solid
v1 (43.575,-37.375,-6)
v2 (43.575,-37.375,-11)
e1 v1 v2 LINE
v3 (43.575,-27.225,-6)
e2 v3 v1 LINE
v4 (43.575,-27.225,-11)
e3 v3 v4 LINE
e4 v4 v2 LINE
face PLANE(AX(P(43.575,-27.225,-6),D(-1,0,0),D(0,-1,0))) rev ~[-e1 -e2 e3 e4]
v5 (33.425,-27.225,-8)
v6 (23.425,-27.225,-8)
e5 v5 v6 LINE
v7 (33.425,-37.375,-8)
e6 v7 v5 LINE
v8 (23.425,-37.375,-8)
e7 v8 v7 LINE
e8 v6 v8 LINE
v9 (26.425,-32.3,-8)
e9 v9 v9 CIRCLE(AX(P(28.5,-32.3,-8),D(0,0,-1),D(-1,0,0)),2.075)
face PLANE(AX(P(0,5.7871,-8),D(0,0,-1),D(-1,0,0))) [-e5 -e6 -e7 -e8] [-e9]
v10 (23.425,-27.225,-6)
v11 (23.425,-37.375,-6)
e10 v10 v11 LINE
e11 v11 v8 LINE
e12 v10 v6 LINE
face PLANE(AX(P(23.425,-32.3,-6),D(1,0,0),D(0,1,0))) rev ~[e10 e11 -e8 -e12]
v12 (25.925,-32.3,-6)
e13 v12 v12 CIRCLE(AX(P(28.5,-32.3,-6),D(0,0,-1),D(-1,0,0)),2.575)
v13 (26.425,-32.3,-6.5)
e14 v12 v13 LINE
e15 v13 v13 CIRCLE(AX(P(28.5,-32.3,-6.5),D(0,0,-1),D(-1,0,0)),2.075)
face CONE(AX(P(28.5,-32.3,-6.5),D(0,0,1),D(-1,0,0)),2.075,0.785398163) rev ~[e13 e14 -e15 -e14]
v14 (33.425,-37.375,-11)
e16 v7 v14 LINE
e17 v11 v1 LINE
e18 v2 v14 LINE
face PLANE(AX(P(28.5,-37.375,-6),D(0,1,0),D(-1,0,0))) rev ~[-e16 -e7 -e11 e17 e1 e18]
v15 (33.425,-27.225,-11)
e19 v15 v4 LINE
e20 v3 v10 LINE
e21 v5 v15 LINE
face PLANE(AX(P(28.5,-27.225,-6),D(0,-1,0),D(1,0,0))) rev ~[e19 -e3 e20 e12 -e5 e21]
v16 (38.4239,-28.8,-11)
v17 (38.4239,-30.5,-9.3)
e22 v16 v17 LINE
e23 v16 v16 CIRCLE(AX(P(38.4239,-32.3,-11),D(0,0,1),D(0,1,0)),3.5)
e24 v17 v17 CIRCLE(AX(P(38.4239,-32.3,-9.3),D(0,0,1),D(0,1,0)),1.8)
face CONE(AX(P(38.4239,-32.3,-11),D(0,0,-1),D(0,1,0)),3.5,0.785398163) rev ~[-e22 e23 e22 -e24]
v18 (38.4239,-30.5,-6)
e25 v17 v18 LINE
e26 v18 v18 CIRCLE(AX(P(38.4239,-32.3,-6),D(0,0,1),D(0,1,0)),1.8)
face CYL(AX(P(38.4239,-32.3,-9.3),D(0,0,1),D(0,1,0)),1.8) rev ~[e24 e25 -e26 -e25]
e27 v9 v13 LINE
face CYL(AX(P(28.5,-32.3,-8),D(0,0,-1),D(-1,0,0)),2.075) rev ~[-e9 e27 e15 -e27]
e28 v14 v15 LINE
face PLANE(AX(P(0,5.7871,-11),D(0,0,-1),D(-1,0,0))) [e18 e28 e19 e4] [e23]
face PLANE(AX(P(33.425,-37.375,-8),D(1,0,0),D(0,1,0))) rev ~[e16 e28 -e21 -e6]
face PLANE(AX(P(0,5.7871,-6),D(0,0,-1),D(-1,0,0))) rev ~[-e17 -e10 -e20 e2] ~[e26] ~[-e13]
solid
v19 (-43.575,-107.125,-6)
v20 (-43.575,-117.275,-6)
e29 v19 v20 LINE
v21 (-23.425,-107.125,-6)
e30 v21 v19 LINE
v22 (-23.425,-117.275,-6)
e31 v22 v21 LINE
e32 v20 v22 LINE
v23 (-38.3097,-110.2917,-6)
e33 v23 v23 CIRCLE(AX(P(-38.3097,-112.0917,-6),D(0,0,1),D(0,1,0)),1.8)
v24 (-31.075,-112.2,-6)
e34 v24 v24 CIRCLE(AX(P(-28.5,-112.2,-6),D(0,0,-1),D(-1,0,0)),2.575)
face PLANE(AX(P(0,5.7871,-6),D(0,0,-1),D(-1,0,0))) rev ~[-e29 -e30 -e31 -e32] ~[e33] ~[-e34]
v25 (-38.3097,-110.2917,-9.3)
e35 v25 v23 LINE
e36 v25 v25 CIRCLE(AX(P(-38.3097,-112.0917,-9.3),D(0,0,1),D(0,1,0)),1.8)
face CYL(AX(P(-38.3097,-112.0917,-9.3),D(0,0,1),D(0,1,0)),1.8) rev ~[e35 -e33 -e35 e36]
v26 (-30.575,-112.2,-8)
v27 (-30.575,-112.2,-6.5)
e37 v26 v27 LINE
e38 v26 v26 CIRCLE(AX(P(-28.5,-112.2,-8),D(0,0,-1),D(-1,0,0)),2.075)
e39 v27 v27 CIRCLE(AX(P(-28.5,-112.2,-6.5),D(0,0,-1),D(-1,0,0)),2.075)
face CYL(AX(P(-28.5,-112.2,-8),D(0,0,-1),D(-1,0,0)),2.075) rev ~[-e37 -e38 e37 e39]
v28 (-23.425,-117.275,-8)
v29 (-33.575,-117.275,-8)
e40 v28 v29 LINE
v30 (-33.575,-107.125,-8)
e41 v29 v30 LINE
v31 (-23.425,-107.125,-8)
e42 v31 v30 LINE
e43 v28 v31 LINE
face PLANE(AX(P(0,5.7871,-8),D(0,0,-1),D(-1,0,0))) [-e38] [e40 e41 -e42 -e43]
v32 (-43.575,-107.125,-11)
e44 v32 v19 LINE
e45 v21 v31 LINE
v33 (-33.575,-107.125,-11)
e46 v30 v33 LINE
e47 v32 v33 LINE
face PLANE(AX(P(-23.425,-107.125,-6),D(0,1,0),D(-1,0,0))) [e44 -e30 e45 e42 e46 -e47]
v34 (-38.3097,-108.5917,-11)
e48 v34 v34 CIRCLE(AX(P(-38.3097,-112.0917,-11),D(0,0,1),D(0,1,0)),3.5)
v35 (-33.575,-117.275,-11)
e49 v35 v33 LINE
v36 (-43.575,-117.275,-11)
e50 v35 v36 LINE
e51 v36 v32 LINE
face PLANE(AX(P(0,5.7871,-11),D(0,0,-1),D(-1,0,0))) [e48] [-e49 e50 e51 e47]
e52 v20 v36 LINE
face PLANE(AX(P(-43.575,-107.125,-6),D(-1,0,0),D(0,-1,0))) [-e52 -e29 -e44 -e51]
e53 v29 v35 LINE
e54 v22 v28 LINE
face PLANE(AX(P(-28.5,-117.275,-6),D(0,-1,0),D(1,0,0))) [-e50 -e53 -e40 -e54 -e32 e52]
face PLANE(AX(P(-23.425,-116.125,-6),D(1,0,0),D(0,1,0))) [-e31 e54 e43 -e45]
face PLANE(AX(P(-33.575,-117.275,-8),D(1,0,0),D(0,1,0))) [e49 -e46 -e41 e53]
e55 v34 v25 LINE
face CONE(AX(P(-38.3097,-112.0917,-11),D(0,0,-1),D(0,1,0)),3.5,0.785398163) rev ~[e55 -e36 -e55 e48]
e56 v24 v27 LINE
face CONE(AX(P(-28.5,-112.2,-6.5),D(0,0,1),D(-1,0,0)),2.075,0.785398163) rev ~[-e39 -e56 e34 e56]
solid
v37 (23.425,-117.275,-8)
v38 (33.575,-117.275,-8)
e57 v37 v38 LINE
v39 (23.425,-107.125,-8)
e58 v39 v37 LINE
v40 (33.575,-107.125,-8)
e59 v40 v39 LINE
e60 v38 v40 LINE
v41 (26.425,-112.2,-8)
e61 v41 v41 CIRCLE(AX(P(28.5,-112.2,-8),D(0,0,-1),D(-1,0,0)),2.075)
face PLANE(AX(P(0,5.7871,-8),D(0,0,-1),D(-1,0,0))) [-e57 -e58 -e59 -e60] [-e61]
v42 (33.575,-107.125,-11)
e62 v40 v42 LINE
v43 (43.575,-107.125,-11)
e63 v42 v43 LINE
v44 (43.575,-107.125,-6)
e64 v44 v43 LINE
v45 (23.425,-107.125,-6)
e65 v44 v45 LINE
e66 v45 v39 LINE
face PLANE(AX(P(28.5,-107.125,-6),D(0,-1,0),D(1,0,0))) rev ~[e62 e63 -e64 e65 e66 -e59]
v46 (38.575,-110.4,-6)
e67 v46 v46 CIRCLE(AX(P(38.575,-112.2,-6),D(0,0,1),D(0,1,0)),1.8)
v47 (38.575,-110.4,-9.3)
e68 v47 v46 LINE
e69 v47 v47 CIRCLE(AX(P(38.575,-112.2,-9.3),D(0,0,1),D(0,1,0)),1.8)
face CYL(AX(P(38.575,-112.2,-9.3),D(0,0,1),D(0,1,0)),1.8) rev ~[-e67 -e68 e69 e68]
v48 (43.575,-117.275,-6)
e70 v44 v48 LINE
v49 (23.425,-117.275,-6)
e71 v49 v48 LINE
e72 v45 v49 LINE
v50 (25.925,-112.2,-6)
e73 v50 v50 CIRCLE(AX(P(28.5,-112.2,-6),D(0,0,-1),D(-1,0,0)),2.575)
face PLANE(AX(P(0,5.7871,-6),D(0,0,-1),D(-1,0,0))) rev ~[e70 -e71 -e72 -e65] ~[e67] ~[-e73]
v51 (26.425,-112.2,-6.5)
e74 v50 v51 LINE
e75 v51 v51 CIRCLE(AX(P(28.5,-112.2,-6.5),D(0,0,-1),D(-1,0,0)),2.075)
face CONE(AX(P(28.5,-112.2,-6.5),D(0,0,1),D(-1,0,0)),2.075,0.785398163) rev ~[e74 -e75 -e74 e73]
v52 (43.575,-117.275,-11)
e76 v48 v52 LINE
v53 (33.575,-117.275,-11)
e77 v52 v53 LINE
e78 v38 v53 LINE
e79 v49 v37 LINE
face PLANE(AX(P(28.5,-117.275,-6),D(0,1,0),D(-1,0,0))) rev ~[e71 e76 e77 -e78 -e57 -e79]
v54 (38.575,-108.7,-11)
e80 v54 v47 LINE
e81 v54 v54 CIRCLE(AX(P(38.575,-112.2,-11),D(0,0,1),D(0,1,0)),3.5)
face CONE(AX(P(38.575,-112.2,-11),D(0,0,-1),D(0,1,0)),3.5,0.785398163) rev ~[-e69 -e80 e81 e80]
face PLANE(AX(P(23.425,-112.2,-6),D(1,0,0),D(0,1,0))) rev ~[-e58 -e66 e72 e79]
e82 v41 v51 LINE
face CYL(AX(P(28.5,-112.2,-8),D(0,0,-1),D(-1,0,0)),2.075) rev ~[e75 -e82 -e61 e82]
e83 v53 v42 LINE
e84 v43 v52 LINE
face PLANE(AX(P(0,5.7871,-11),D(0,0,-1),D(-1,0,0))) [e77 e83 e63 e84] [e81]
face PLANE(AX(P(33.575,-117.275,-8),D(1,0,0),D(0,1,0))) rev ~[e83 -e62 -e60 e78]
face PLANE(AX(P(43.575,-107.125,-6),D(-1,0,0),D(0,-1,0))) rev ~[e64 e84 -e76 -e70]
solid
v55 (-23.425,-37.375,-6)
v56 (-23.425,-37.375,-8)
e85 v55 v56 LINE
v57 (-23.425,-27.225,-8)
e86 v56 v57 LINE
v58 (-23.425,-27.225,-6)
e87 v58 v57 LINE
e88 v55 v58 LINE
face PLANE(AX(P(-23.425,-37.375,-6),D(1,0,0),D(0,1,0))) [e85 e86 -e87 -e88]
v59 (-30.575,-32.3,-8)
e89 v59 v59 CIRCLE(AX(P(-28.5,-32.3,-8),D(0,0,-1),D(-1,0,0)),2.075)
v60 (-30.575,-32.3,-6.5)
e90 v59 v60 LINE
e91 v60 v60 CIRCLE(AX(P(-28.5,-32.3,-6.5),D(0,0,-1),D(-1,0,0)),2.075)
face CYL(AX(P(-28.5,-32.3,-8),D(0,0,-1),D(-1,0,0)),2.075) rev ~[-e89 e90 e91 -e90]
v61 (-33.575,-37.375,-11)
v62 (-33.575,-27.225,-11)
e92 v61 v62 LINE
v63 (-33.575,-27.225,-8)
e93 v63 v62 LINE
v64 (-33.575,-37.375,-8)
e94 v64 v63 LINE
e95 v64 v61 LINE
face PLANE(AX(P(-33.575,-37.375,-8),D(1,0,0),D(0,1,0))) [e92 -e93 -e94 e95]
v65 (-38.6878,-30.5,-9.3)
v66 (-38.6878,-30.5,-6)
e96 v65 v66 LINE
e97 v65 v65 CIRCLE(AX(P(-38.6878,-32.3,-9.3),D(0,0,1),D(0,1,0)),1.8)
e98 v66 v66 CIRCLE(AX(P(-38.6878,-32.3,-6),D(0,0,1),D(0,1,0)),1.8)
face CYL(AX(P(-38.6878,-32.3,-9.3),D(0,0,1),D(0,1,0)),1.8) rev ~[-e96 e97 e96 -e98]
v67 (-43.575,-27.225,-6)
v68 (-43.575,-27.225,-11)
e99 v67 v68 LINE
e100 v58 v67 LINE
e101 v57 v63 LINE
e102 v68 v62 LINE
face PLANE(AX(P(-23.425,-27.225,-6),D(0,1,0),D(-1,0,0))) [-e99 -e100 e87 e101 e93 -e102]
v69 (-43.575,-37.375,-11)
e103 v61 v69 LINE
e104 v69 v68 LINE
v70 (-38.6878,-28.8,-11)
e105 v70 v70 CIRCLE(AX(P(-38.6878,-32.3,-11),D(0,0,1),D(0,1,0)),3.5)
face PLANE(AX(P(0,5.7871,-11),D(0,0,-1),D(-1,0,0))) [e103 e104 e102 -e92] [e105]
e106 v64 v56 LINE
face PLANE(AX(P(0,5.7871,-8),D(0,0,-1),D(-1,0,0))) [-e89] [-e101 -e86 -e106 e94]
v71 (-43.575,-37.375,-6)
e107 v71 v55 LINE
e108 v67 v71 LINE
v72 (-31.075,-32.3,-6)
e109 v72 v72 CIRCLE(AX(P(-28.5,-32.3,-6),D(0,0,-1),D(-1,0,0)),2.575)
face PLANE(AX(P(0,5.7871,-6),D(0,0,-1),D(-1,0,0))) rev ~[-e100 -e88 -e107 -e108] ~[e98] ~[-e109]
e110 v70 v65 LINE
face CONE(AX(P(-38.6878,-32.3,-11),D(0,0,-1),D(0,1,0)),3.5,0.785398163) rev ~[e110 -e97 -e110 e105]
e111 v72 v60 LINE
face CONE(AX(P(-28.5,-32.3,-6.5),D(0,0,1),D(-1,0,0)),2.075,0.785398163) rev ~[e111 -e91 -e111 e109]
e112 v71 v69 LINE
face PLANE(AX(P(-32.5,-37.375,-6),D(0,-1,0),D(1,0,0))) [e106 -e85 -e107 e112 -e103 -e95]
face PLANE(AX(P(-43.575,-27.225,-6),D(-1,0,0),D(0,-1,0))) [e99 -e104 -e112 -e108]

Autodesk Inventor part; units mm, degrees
ref_plane "YZ Plane" through (0, 0, 0) normal (1, 0, 0) x (0, 1, 0)
ref_plane "XZ Plane" through (0, 0, 0) normal (0, 1, 0) x (-1, 0, 0)
ref_plane "XY Plane" through (0, 0, 0) normal (0, 0, 1) x (1, 0, 0)
ref_plane "Work Plane1" through (0, 5.7871, -6) normal (0, 0, -1) x (-1, 0, 0)
sketch "Sketch1" plane through (0, 5.7871, -6) normal (0, 0, -1) x (-1, 0, 0)
  circle A0 centre (-28.5, -38.0871) radius 2.075 projected
  circle A1 centre (-28.5, -117.9871) radius 2.075 projected
  circle A2 centre (28.5, -38.0871) radius 2.075 projected
  circle A3 centre (28.5, -117.9871) radius 2.075 projected
  line L0 (-30.2, -121.9121) -> (30.2, -121.9121) projected
  arc A4 (30.2, -121.9121) -> (32.5, -119.6121) centre (30.2, -119.6121) ccw projected
  line L1 (32.5, -119.6121) -> (32.5, -16.2121) projected
  arc A5 (32.5, -16.2121) -> (30.2, -13.9121) centre (30.2, -16.2121) ccw projected
  line L2 (30.2, -13.9121) -> (-30.2, -13.9121) projected
  arc A6 (-30.2, -13.9121) -> (-32.5, -16.2121) centre (-30.2, -16.2121) ccw projected
  line L3 (-32.5, -16.2121) -> (-32.5, -119.6121) projected
  arc A7 (-32.5, -119.6121) -> (-30.2, -121.9121) centre (-30.2, -119.6121) ccw projected
  line L4 (43.575, -123.0621) -> (23.425, -123.0621)
  line L5 (23.425, -123.0621) -> (23.425, -112.9121)
  line L6 (23.425, -112.9121) -> (43.575, -112.9121)
  line L7 (43.575, -112.9121) -> (43.575, -123.0621)
  line L8 (-43.575, -123.0621) -> (-23.425, -123.0621)
  line L9 (-23.425, -123.0621) -> (-23.425, -112.9121)
  line L10 (-23.425, -112.9121) -> (-43.575, -112.9121)
  line L11 (-43.575, -112.9121) -> (-43.575, -123.0621)
  line L12 (-43.575, -43.1621) -> (-23.425, -43.1621)
  line L13 (-23.425, -43.1621) -> (-23.425, -33.0121)
  line L14 (-23.425, -33.0121) -> (-43.575, -33.0121)
  line L15 (-43.575, -33.0121) -> (-43.575, -43.1621)
  line L16 (43.575, -43.1621) -> (23.425, -43.1621)
  line L17 (23.425, -43.1621) -> (23.425, -33.0121)
  line L18 (23.425, -33.0121) -> (43.575, -33.0121)
  line L19 (43.575, -33.0121) -> (43.575, -43.1621)
  circle A8 centre (28.5, -117.9871) radius 5.075
  circle A9 centre (-28.5, -117.9871) radius 5.075
  circle A10 centre (28.5, -38.0871) radius 5.075
  circle A11 centre (-28.5, -38.0871) radius 5.075
  line L20 (33.575, -33.0121) -> (33.575, -43.1621)
  line L21 (-33.575, -33.0121) -> (-33.575, -43.1621)
  line L22 (-33.575, -112.9121) -> (-33.575, -123.0621)
  line L23 (33.5, -112.9121) -> (33.5, -123.0621)
  point P0 (0, -5.7871)
  dimension "d0" = 3
  dimension "d1" = 3
  dimension "d2" = 3
  dimension "d3" = 3
  dimension "d5" = 10
  dimension "d6" = 10
  dimension "d7" = 10
  dimension "d8" = 10
extrude "Extrusion1" add sketch "Sketch1" along normal blind 2 contours A0 | A1 | A2 | A3 | A7 L3 A9 L0 | L0 A9 L3 A7 | A9 L9 L0 | L0 L9 L8 A9 | L8 L22 A9 | A9 L10 L9 | A9 L22 L10 L3 | L3 L10 A9 | L5 A8 L0 | L0 A8 L4 L5 | L8 L11 L10 L22 | A8 L1 A4 L0 | L0 A4 L1 A8 L23 | L5 L6 A8 | L12 L21 A11 L3 | L3 A11 L12 | A8 L23 L4 | L6 L1 A8 | A11 L3 | L3 A11 | L12 L15 L14 L21 | A11 L13 L12 | L23 A8 L6 L7 L4 | L23 A8 | L6 L23 A8 L1 | A11 L21 L14 L3 | L3 L14 A11 | A11 L14 L13 | L16 A10 L1 | L1 A10 L20 L16 | A10 L1 | L1 A10 | L20 L18 L19 L16 | L16 L17 A10 | A10 L18 L1 | L1 L18 L20 A10 | L17 L18 A10
sketch "Sketch3" plane through (0, 5.7871, -8) normal (0, 0, -1) x (-1, 0, 0)
  circle A0 centre (-28.5, -38.0871) radius 2.075 projected
  circle A1 centre (28.5, -38.0871) radius 2.075 projected
  circle A2 centre (28.5, -117.9871) radius 2.075 projected
  circle A3 centre (-28.5, -117.9871) radius 2.075 projected
  point P0 (0, -5.7871)
extrude "Extrusion3" cut sketch "Sketch3" against normal through all
chamfer "Chamfer1" distance 0.5 angle 45 4 edges at (30.575, -32.3, -6) (-26.425, -32.3, -6) (-26.425, -112.2, -6) (30.575, -112.2, -6)
sketch "Sketch6" plane through (0, 5.7871, -8) normal (0, 0, -1) x (-1, 0, 0)
  circle A0 centre (28.5, -38.0871) radius 2.075 projected
  line L0 (43.575, -33.0121) -> (23.425, -33.0121) projected
  line L1 (23.425, -33.0121) -> (23.425, -43.1621) projected
  line L2 (23.425, -43.1621) -> (43.575, -43.1621) projected
  line L3 (43.575, -43.1621) -> (43.575, -33.0121) projected
  circle A1 centre (-28.5, -38.0871) radius 2.075 projected
  line L4 (-23.425, -43.1621) -> (-23.425, -33.0121) projected
  line L5 (-23.425, -33.0121) -> (-43.575, -33.0121) projected
  line L6 (-43.575, -33.0121) -> (-43.575, -43.1621) projected
  line L7 (-43.575, -43.1621) -> (-23.425, -43.1621) projected
  circle A2 centre (28.5, -117.9871) radius 2.075 projected
  line L8 (43.575, -112.9121) -> (23.425, -112.9121) projected
  line L9 (23.425, -112.9121) -> (23.425, -123.0621) projected
  line L10 (23.425, -123.0621) -> (43.575, -123.0621) projected
  line L11 (43.575, -123.0621) -> (43.575, -112.9121) projected
  circle A3 centre (-28.5, -117.9871) radius 2.075 projected
  line L12 (-43.575, -123.0621) -> (-23.425, -123.0621) projected
  line L13 (-23.425, -123.0621) -> (-23.425, -112.9121) projected
  line L14 (-23.425, -112.9121) -> (-43.575, -112.9121) projected
  line L15 (-43.575, -112.9121) -> (-43.575, -123.0621) projected
  line L16 (43.575, -123.0621) -> (33.575, -123.0621)
  line L17 (33.575, -123.0621) -> (33.575, -112.9121)
  line L18 (33.575, -112.9121) -> (43.575, -112.9121)
  line L19 (43.575, -112.9121) -> (43.575, -123.0621)
  line L20 (-43.575, -123.0621) -> (-33.575, -123.0621)
  line L21 (-33.575, -123.0621) -> (-33.575, -112.9121)
  line L22 (-33.575, -112.9121) -> (-43.575, -112.9121)
  line L23 (-43.575, -112.9121) -> (-43.575, -123.0621)
  line L24 (43.575, -43.1621) -> (33.575, -43.1621)
  line L25 (33.575, -43.1621) -> (33.575, -33.0121)
  line L26 (33.575, -33.0121) -> (43.575, -33.0121)
  line L27 (43.575, -33.0121) -> (43.575, -43.1621)
  line L28 (-23.425, -43.1621) -> (-33.425, -43.1621)
  line L29 (-33.425, -43.1621) -> (-33.425, -33.0121)
  line L30 (-33.425, -33.0121) -> (-23.425, -33.0121)
  line L31 (-23.425, -33.0121) -> (-23.425, -43.1621)
  point P0 (0, -5.7871)
  point P1 (33.575, -112.9121)
  point P2 (33.575, -33.0121)
  point P3 (33.575, -43.1621)
  point P4 (-33.425, -33.0121)
  point P5 (-33.575, -112.9121)
  dimension "d46" = 10
  dimension "d47" = 10.15
  dimension "d48" = 10
  dimension "d49" = 10.15
  dimension "d50" = 10
  dimension "d51" = 10.15
  dimension "d52" = 10
  dimension "d53" = 10.15
extrude "Extrusion5" add sketch "Sketch6" along normal blind 3 contours L3 L2 L25 L0 | L7 L6 L5 L29 | L11 L10 L17 L8 | L15 L14 L21 L12
sketch "Sketch7" plane through (0, 5.7871, -11) normal (0, 0, -1) x (-1, 0, 0)
  line L0 (33.575, -123.0621) -> (43.575, -123.0621) projected
  line L1 (43.575, -123.0621) -> (43.575, -112.9121) projected
  line L2 (43.575, -112.9121) -> (33.575, -112.9121) projected
  line L3 (-33.575, -112.9121) -> (-43.575, -112.9121) projected
  line L4 (-43.575, -112.9121) -> (-43.575, -123.0621) projected
  line L5 (-43.575, -123.0621) -> (-33.575, -123.0621) projected
  line L6 (-33.575, -123.0621) -> (-33.575, -112.9121) projected
  line L7 (-43.575, -43.1621) -> (-33.425, -43.1621) projected
  line L8 (-33.425, -43.1621) -> (-33.425, -33.0121) projected
  line L9 (-33.425, -33.0121) -> (-43.575, -33.0121) projected
  line L10 (-43.575, -33.0121) -> (-43.575, -43.1621) projected
  line L11 (33.575, -43.1621) -> (43.575, -43.1621) projected
  line L12 (43.575, -43.1621) -> (43.575, -33.0121) projected
  line L13 (43.575, -33.0121) -> (33.575, -33.0121) projected
  line L14 (23.425, -123.0621) -> (43.575, -123.0621) projected
  line L15 (43.575, -123.0621) -> (33.0445, -112.6955)
  line L16 (-43.575, -123.0621) -> (-23.425, -123.0621) projected
  line L17 (-43.575, -123.0621) -> (-33.5, -112.9121)
  line L18 (-23.425, -112.9121) -> (-43.575, -112.9121) projected
  line L19 (-43.575, -33.0121) -> (-43.575, -43.1621) projected
  line L20 (-43.575, -33.0121) -> (-33.425, -43.0871)
  line L21 (43.575, -43.1621) -> (43.575, -33.0121) projected
  line L22 (43.575, -33.0121) -> (33.5, -43.1621)
  line L23 (23.425, -43.1621) -> (43.575, -43.1621) projected
  line L24 (33.575, -33.0121) -> (43.8006, -43.1621)
  line L25 (43.575, -123.0621) -> (43.575, -112.9121) projected
  line L26 (-43.575, -112.9121) -> (-43.575, -123.0621) projected
  line L27 (-43.575, -112.9121) -> (-33.575, -123.0621)
  line L28 (-23.425, -33.0121) -> (-43.575, -33.0121) projected
  line L29 (-33.2728, -33.0121) -> (-43.575, -43.1621)
  line L30 (33.575, -33.0121) -> (33.575, -43.1621) projected
  line L31 (33.575, -112.9121) -> (33.575, -123.0621) projected
  point P0 (0, -5.7871)
  point P1 (33.575, -37.375)
  point P2 (38.3097, -117.8788)
  point P3 (-38.575, -117.9871)
  point P4 (-38.4239, -38.0871)
  point P5 (38.6878, -38.0871)
hole "Hole2" at (-38.3097, -112.0917, -11) at (38.575, -112.2, -11) at (38.4239, -32.3, -11) at (-38.6878, -32.3, -11) direction (0, 0, 1) diameter 3.6 depth 15 countersink diameter 7 countersink angle 90 clearance for "Countersunk Flat Head Screw ISO 2009/7046" size "M3" standard "ISO"
equation "\"d1\" = d0"
equation "\"d2\" = d0"
equation "\"d3\" = d0"
equation "\"d6\" = d5"
equation "\"d7\" = d5"
equation "\"d8\" = d5"
properties part number "BMS_hold_check"
